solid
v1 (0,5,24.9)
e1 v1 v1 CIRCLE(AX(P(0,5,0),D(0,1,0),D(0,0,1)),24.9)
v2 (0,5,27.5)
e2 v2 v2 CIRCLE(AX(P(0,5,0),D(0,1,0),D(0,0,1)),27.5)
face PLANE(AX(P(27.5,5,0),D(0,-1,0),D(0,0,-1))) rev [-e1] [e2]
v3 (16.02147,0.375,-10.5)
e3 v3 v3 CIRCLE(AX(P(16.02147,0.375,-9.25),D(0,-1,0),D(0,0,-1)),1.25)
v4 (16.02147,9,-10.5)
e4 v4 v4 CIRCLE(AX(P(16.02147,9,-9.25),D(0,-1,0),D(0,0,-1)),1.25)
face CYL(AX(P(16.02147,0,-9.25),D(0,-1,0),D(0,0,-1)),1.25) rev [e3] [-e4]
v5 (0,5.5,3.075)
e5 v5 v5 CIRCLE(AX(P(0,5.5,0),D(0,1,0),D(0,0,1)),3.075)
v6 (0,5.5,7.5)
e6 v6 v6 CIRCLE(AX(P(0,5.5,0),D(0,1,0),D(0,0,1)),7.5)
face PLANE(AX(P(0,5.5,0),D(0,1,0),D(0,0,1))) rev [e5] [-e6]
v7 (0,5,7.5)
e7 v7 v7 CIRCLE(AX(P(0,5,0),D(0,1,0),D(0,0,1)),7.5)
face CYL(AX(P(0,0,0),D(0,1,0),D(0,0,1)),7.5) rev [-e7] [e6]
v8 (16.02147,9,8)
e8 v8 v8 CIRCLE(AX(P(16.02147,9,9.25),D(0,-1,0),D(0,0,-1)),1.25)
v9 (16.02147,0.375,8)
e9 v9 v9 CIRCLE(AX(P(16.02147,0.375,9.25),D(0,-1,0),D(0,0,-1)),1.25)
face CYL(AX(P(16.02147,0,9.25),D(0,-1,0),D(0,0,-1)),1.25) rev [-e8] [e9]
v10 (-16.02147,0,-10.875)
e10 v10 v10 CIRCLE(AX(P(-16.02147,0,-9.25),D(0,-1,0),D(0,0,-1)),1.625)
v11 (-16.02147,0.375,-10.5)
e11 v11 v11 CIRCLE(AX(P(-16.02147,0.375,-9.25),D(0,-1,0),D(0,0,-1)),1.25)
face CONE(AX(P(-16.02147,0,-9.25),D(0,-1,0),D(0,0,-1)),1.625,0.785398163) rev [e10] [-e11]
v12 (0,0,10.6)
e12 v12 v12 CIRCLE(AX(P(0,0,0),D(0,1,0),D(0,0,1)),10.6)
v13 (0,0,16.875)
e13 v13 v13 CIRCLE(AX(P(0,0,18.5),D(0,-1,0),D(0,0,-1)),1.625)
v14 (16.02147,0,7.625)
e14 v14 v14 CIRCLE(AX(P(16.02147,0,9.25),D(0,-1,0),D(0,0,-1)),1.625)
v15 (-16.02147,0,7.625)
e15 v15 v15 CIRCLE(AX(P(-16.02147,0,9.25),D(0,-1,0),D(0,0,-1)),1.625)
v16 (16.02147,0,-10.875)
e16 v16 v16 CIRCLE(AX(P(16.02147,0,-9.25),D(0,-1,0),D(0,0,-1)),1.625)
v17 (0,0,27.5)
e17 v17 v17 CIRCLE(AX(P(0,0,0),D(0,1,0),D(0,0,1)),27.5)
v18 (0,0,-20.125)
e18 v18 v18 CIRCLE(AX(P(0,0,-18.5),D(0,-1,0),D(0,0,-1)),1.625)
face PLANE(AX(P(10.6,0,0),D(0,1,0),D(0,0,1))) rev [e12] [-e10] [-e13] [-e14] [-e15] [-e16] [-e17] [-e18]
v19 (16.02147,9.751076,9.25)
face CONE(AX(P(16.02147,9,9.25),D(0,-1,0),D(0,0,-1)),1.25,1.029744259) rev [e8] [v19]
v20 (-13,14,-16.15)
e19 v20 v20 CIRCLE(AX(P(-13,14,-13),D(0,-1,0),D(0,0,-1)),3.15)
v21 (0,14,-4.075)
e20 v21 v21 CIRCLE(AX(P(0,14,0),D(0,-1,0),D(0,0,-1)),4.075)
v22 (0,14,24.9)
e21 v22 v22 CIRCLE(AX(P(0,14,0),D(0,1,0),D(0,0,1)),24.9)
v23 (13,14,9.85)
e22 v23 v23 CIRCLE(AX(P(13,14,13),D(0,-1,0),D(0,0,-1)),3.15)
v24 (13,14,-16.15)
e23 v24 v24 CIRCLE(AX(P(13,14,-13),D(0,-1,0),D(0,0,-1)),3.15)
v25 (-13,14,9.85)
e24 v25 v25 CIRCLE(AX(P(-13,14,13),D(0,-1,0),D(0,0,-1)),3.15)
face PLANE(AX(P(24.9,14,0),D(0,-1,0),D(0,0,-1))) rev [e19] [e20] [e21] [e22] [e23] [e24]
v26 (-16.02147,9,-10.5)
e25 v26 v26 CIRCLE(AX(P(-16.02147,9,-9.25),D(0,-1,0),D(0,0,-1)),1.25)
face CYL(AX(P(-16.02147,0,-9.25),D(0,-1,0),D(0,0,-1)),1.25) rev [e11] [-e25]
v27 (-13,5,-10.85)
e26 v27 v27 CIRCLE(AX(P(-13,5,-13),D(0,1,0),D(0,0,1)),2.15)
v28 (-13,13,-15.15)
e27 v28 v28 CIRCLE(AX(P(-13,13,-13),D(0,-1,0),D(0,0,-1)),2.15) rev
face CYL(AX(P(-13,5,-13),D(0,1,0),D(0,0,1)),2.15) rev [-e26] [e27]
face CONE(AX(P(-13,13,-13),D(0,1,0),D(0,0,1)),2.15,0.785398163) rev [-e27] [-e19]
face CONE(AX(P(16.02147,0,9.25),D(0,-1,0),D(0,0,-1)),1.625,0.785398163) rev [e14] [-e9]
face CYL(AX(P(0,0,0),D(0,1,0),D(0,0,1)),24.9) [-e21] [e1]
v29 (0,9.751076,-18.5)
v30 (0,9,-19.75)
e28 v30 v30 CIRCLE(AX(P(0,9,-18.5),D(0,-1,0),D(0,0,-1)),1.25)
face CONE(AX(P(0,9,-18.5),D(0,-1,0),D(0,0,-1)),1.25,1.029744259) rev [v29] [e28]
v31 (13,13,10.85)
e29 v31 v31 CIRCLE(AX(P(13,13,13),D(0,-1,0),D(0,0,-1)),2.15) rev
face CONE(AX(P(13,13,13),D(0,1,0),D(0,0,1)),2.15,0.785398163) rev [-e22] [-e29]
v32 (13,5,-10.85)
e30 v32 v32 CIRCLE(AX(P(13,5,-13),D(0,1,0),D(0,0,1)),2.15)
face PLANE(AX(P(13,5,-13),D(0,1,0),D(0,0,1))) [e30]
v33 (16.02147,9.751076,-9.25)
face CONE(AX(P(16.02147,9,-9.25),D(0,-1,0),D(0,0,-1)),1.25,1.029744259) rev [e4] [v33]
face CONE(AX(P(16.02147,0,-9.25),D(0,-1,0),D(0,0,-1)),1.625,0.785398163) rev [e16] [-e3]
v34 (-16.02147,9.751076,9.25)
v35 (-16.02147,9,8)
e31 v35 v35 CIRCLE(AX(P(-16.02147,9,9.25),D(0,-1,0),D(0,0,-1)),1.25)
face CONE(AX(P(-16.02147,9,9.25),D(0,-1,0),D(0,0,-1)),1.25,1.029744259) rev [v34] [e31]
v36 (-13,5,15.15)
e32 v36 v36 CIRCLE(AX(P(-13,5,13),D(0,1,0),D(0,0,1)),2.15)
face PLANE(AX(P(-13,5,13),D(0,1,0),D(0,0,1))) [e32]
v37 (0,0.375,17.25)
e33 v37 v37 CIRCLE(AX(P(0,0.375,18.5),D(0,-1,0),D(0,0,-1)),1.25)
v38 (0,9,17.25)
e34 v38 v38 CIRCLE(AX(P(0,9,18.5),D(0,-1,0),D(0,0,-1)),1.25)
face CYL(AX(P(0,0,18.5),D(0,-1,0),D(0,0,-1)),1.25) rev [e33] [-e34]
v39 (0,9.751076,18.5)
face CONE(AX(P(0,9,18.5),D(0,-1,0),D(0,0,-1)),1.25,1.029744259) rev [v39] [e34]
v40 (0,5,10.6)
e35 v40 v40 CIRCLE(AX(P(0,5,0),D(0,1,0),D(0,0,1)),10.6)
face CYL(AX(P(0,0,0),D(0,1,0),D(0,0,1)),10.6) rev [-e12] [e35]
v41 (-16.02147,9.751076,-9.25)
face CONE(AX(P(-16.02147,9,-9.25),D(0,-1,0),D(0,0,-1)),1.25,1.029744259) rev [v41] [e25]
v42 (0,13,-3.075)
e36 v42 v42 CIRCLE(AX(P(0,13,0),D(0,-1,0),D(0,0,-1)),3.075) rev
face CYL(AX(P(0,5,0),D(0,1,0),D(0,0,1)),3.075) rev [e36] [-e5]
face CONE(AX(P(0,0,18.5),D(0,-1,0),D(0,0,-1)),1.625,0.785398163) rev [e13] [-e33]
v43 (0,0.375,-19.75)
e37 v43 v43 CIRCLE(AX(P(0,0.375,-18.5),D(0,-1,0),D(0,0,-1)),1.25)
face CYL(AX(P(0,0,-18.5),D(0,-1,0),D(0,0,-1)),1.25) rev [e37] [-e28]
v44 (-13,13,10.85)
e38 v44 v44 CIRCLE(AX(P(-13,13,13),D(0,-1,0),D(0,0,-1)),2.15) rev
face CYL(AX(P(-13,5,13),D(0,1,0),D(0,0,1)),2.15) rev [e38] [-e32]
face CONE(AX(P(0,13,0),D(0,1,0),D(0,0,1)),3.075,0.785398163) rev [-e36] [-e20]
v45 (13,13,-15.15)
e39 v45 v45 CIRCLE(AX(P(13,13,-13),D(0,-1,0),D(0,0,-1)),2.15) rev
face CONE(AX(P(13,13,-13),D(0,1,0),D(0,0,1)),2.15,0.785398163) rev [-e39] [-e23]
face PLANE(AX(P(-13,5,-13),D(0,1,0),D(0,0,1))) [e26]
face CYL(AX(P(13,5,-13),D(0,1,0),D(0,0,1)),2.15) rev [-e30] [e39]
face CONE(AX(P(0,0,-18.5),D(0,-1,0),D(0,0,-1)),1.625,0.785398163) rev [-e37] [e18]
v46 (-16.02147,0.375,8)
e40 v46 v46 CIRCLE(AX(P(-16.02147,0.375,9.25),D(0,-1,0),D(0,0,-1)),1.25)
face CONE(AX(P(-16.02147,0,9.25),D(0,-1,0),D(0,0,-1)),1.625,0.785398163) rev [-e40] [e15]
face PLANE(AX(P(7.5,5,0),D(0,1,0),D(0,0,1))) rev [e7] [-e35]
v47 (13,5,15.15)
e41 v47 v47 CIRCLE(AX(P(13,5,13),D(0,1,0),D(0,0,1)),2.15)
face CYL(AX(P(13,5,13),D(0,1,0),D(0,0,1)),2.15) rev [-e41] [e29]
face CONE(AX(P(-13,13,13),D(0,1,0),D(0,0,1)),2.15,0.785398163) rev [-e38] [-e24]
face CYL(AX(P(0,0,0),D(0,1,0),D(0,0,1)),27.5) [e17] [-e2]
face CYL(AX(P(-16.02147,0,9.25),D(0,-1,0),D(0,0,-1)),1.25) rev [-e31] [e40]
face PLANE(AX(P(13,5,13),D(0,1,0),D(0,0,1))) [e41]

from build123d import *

# Parameters (mm, degrees)
F_2_5_2_5_DURCHMESSER_BOHRUNG1_D           = 2.5
F_2_5_2_5_DURCHMESSER_BOHRUNG1_DEPTH       = 9
F_2_5_2_5_DURCHMESSER_BOHRUNG1_CSINK_D     = 3.25
F_2_5_2_5_DURCHMESSER_BOHRUNG1_CSINK_ANGLE = 90
F_2_5_2_5_DURCHMESSER_BOHRUNG1_TIP         = 0.751075774
SKIZZE5_R                                  = 3.075
SKIZZE5_R_2                                = 2.15
SCHNITT_LINEAR_AUSTRAGEN1_DEPTH            = 9
FASE1_SIZE                                 = 1


with BuildPart() as part:
    # Skizze1 → Rotation1 (revolve)
    with BuildSketch(Plane.XY, mode=Mode.PRIVATE) as rotation1_sk:
        Polygon((10.6, 0), (27.5, 0), (27.5, 5), (24.9, 5), (24.9, 14), (0, 14), (0, 5.5), (7.5, 5.5), (7.5, 5), (10.6, 5), align=None)
    revolve(rotation1_sk.sketch.rotate(Axis((0, 0, 0), (0, -1, 0)), 90), axis=Axis((0, 0, 0), (0, -1, 0)))

    # Ø2.5 (2.5) Durchmesser Bohrung1
    with Locations(Plane(origin=(0, 0, 0), x_dir=(-1, 0, 0), z_dir=(0, -1, 0))):
        with Locations((-16.02146997, 9.25), (0, 18.5), (16.02146997, 9.25), (16.02146997, -9.25), (0, -18.5), (-16.02146997, -9.25)):
            CounterSinkHole(F_2_5_2_5_DURCHMESSER_BOHRUNG1_D / 2, F_2_5_2_5_DURCHMESSER_BOHRUNG1_CSINK_D / 2, depth=F_2_5_2_5_DURCHMESSER_BOHRUNG1_DEPTH, counter_sink_angle=F_2_5_2_5_DURCHMESSER_BOHRUNG1_CSINK_ANGLE)
            with Locations((0, 0, -(F_2_5_2_5_DURCHMESSER_BOHRUNG1_DEPTH + F_2_5_2_5_DURCHMESSER_BOHRUNG1_TIP / 2))):  # 118° drill point
                Cone(0, F_2_5_2_5_DURCHMESSER_BOHRUNG1_D / 2, F_2_5_2_5_DURCHMESSER_BOHRUNG1_TIP, mode=Mode.SUBTRACT)

    # Skizze5 → Schnitt-Linear austragen1 (cut)
    with BuildSketch(Plane(origin=(0, 14, 0), x_dir=(1, 0, 0), z_dir=(0, 1, 0))):
        with Locations(Location((0, 0, 0), (0, 0, 270))):
            Circle(SKIZZE5_R)
        with Locations(Location((13, 13, 0), (0, 0, 270))):
            Circle(SKIZZE5_R_2)
        with Locations(Location((13, -13, 0), (0, 0, 270))):
            Circle(SKIZZE5_R_2)
        with Locations(Location((-13, -13, 0), (0, 0, 270))):
            Circle(SKIZZE5_R_2)
        with Locations(Location((-13, 13, 0), (0, 0, 270))):
            Circle(SKIZZE5_R_2)
    extrude(amount=-SCHNITT_LINEAR_AUSTRAGEN1_DEPTH, mode=Mode.SUBTRACT)

    # Fase1
    fase1_edges = [part.edges().sort_by_distance(p)[0] for p in [
        (-13, 14, -15.15),
        (-13, 14, 10.85),
        (13, 14, 10.85),
        (13, 14, -15.15),
        (0, 14, -3.075),
    ]]
    chamfer(fase1_edges, length=FASE1_SIZE)


solid = part.part
